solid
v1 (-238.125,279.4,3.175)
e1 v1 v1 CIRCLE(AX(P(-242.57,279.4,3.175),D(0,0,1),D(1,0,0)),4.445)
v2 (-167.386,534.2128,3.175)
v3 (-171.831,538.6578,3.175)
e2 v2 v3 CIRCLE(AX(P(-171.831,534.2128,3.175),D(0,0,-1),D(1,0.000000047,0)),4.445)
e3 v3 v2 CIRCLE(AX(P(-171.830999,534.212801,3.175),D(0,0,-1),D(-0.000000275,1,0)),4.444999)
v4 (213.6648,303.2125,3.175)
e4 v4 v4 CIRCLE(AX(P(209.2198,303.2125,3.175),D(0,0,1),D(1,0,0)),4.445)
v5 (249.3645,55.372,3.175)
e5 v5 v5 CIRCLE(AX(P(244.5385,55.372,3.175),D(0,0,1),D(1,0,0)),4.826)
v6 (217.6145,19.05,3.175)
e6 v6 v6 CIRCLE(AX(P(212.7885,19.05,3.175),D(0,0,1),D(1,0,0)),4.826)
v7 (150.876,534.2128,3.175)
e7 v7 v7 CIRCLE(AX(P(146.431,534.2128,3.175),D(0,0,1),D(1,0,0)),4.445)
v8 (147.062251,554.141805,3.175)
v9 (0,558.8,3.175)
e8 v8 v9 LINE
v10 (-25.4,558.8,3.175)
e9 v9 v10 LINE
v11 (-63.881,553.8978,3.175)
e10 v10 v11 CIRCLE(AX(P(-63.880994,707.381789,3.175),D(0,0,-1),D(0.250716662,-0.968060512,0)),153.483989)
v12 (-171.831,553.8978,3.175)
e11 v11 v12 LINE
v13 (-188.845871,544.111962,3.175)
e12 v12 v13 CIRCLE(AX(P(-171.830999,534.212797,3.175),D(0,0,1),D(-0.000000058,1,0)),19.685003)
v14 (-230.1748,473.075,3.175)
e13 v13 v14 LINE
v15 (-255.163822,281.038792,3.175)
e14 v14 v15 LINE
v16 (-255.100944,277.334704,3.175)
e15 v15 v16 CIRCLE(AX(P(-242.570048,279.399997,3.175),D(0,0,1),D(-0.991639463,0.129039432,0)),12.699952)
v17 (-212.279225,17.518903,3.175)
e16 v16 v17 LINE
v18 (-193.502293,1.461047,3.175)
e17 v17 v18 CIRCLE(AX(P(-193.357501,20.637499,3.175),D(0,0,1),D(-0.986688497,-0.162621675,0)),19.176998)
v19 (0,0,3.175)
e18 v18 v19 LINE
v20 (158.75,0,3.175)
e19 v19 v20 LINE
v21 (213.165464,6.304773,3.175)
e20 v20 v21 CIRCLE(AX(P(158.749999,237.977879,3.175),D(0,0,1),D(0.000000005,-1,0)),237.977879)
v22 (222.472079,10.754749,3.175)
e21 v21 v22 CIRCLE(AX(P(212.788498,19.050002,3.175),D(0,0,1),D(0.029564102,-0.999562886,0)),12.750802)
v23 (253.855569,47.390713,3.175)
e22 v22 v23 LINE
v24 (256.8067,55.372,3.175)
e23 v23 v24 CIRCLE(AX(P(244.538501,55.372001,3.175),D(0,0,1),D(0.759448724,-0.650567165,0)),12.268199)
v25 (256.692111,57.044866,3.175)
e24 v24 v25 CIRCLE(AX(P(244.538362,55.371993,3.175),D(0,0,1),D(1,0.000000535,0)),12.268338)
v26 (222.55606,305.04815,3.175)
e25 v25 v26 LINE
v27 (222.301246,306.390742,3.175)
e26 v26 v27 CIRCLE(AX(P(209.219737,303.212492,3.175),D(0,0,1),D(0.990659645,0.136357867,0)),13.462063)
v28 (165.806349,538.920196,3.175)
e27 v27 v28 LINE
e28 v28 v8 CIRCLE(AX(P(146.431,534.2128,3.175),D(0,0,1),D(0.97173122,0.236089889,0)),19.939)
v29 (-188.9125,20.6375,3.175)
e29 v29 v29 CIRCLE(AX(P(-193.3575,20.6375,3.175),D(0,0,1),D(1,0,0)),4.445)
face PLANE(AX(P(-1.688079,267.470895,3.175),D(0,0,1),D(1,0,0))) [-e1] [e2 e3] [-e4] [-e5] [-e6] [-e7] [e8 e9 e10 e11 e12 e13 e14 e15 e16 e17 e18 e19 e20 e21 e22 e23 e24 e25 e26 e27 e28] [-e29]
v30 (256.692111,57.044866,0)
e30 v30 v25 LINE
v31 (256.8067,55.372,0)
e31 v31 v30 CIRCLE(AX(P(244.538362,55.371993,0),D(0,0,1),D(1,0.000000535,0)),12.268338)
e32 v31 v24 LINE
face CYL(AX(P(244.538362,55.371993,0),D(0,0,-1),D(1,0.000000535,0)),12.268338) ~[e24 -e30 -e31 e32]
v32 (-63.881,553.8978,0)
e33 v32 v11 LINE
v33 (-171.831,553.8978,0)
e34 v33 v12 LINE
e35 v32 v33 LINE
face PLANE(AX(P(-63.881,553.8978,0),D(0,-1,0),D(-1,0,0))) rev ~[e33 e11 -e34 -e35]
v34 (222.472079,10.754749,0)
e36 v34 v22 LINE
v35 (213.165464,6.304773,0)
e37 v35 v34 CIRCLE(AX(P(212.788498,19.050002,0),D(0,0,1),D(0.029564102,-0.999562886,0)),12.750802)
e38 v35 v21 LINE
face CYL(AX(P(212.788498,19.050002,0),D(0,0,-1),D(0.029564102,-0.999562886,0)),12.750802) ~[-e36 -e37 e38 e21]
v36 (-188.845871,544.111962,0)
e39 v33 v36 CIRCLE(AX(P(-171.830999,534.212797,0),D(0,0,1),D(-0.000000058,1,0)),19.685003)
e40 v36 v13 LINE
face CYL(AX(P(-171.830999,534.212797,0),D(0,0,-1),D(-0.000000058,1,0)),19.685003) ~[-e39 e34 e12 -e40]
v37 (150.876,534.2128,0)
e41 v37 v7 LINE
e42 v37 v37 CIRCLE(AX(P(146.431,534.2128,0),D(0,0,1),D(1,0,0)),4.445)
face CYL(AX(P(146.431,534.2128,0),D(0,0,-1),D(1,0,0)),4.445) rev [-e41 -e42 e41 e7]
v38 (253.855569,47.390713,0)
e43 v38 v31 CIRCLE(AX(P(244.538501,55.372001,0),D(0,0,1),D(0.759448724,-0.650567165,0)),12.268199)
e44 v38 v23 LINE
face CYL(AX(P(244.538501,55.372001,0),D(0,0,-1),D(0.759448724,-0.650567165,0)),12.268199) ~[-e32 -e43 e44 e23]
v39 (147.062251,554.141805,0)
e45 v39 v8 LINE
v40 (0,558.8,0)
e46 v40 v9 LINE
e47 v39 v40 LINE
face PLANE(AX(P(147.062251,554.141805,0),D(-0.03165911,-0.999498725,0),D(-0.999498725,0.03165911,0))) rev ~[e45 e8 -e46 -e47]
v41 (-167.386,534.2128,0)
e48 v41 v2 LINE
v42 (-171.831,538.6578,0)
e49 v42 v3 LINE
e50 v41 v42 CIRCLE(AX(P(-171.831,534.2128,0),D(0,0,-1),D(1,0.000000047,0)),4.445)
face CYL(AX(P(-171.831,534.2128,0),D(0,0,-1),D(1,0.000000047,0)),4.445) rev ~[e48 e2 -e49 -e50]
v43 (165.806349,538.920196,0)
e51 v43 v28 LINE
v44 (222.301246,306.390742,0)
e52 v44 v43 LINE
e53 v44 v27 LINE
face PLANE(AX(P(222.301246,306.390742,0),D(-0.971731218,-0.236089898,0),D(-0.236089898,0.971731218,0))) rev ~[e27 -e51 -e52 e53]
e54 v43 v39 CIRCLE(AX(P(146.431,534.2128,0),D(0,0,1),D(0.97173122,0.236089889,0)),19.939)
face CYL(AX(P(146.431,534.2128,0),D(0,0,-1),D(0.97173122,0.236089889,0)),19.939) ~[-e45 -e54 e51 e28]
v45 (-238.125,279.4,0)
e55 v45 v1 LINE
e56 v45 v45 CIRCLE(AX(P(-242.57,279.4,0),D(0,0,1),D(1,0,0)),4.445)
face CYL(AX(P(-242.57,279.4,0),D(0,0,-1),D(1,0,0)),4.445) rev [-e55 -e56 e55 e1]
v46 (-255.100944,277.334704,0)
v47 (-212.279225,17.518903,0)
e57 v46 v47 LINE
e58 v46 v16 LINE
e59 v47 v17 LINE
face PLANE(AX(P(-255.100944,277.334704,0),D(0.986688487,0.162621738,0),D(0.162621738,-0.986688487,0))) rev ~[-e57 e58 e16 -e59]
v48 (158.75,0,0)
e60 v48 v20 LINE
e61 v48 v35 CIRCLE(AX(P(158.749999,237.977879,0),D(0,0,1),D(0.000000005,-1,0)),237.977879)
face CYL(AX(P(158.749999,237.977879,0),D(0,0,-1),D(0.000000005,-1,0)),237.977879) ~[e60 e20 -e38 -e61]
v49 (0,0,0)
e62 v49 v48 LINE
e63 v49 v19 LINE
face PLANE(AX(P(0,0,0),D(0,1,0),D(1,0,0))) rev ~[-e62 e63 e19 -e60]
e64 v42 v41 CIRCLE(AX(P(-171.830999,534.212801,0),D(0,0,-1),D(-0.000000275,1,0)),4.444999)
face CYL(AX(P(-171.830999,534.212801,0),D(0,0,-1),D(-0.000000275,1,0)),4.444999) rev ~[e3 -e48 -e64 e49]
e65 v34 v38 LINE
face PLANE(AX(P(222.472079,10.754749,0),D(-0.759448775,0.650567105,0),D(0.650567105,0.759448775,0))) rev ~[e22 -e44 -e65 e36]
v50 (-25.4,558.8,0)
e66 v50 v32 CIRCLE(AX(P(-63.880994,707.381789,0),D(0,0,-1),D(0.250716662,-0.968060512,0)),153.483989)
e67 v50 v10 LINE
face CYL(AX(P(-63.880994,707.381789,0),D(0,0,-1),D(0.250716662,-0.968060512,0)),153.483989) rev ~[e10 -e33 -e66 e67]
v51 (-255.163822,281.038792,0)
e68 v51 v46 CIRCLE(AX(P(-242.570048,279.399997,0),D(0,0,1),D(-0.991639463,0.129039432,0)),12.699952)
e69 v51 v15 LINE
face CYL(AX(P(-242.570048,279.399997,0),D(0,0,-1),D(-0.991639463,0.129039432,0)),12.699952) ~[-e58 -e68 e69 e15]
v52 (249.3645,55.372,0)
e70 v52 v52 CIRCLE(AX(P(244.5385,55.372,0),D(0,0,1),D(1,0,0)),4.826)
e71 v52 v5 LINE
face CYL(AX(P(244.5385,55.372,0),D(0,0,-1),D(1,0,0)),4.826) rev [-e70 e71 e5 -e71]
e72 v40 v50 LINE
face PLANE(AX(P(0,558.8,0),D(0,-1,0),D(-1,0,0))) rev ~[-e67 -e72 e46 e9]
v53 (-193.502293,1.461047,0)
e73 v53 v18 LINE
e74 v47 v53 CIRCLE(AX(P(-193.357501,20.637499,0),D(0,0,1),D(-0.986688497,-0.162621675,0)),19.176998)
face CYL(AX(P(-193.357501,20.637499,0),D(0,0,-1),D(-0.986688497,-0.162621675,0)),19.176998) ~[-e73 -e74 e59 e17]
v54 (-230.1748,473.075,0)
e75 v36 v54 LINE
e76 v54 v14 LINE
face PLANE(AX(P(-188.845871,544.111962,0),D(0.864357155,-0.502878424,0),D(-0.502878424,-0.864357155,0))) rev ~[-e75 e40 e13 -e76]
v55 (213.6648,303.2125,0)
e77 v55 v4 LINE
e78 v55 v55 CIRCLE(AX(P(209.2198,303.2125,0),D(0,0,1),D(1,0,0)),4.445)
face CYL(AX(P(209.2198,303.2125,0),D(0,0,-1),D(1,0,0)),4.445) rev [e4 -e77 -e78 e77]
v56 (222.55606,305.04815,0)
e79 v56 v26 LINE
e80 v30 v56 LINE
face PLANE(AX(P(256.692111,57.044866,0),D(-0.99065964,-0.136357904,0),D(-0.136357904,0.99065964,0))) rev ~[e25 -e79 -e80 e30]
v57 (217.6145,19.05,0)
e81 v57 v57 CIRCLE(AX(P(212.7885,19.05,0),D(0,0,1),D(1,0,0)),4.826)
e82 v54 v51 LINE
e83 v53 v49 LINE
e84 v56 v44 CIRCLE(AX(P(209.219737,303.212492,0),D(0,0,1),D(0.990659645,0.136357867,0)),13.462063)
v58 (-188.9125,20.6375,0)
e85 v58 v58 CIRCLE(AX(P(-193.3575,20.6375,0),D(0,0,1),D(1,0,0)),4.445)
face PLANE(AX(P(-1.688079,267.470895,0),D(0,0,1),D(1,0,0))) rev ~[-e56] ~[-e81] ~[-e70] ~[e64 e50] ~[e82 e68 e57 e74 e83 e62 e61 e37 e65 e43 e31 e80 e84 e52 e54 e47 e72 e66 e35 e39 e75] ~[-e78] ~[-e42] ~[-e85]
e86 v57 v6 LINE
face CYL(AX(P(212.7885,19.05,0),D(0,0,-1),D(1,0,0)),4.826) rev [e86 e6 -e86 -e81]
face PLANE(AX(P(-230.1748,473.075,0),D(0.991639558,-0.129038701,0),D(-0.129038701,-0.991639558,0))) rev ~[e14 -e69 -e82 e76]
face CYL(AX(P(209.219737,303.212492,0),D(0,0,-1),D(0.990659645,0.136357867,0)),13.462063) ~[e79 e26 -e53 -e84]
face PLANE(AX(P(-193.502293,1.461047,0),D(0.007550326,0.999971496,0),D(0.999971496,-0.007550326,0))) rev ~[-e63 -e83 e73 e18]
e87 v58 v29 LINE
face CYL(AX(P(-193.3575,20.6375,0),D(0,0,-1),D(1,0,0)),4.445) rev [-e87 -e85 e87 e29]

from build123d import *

# Parameters (mm, degrees)
F0_R     = 4.445
F0_R_2   = 4.826
F1_DEPTH = 3.175


with BuildPart() as f1:
    # F0 (on Top) → F1 (new body)
    with BuildSketch(Plane.XY):
        with BuildLine():
            Line((-63.881, 553.8978), (-171.831, 553.8978))
            ThreePointArc((-171.831, 553.8978), (-157.911603, 548.132197), (-152.146, 534.2128))
            ThreePointArc((-152.146, 534.2128), (-176.957475, 515.207052), (-188.845871, 544.111962))
            Line((-188.845871, 544.111962), (-230.1748, 473.075))
            Line((-230.1748, 473.075), (-255.163822, 281.038792))
            ThreePointArc((-255.163822, 281.038792), (-241.748886, 292.073428), (-229.87, 279.4))
            ThreePointArc((-229.87, 279.4), (-241.533898, 266.742335), (-255.100944, 277.334704))
            Line((-255.100944, 277.334704), (-212.279225, 17.518903))
            ThreePointArc((-212.279225, 17.518903), (-194.922014, 39.750575), (-174.1805, 20.6375))
            ThreePointArc((-174.1805, 20.6375), (-179.848602, 7.026218), (-193.502293, 1.461047))
            Line((-193.502293, 1.461047), (0, 0))
            Line((0, 0), (158.75, 0))
            ThreePointArc((158.75, 0), (186.139747, 1.581448), (213.165464, 6.304773))
            ThreePointArc((213.165464, 6.304773), (203.640017, 27.9319), (225.5393, 19.05))
            ThreePointArc((225.5393, 19.05), (224.747937, 14.627924), (222.472079, 10.754749))
            Line((222.472079, 10.754749), (253.855569, 47.390713))
            ThreePointArc((253.855569, 47.390713), (232.76785, 58.830401), (256.692111, 57.044866))
            Line((256.692111, 57.044866), (222.55606, 305.04815))
            ThreePointArc((222.55606, 305.04815), (222.650328, 304.132476), (222.6818, 303.2125))
            ThreePointArc((222.6818, 303.2125), (195.853277, 301.612028), (222.301246, 306.390742))
            Line((222.301246, 306.390742), (165.806349, 538.920196))
            ThreePointArc((165.806349, 538.920196), (166.228586, 536.583311), (166.37, 534.2128))
            ThreePointArc((166.37, 534.2128), (132.110556, 520.338774), (147.062251, 554.141805))
            Line((147.062251, 554.141805), (0, 558.8))
            Line((0, 558.8), (-25.4, 558.8))
            ThreePointArc((-25.4, 558.8), (-44.485002, 555.128282), (-63.881, 553.8978))
        make_face()
        with BuildLine():
            ThreePointArc((-174.1805, 20.6375), (-194.922014, 39.750575), (-212.279225, 17.518903))
            ThreePointArc((-212.279225, 17.518903), (-205.821316, 6.063186), (-193.502293, 1.461047))
            ThreePointArc((-193.502293, 1.461047), (-179.848602, 7.026218), (-174.1805, 20.6375))
        make_face()
        with Locations((-193.3575, 20.6375)):
            Circle(F0_R, mode=Mode.SUBTRACT)
        with BuildLine():
            ThreePointArc((-229.87, 279.4), (-241.748886, 292.073428), (-255.163822, 281.038792))
            ThreePointArc((-255.163822, 281.038792), (-255.268171, 279.184443), (-255.100944, 277.334704))
            ThreePointArc((-255.100944, 277.334704), (-241.533898, 266.742335), (-229.87, 279.4))
        make_face()
        with Locations((-242.57, 279.4)):
            Circle(F0_R, mode=Mode.SUBTRACT)
        with BuildLine():
            ThreePointArc((222.55606, 305.04815), (222.4457, 305.722682), (222.301246, 306.390742))
            ThreePointArc((222.301246, 306.390742), (195.853277, 301.612028), (222.6818, 303.2125))
            ThreePointArc((222.6818, 303.2125), (222.650328, 304.132476), (222.55606, 305.04815))
        make_face()
        with Locations((209.2198, 303.2125)):
            Circle(F0_R, mode=Mode.SUBTRACT)
        with BuildLine():
            ThreePointArc((256.8067, 55.372), (256.778019, 56.210393), (256.692111, 57.044866))
            ThreePointArc((256.692111, 57.044866), (232.76785, 58.830401), (253.855569, 47.390713))
            ThreePointArc((253.855569, 47.390713), (256.045289, 51.117293), (256.8067, 55.372))
        make_face()
        with Locations((244.5385, 55.372)):
            Circle(F0_R_2, mode=Mode.SUBTRACT)
        with BuildLine():
            ThreePointArc((225.5393, 19.05), (203.640017, 27.9319), (213.165464, 6.304773))
            ThreePointArc((213.165464, 6.304773), (218.288882, 7.546579), (222.472079, 10.754749))
            ThreePointArc((222.472079, 10.754749), (224.747937, 14.627924), (225.5393, 19.05))
        make_face()
        with Locations((212.7885, 19.05)):
            Circle(F0_R_2, mode=Mode.SUBTRACT)
        with BuildLine():
            ThreePointArc((165.806349, 538.920196), (159.000421, 549.690958), (147.062251, 554.141805))
            ThreePointArc((147.062251, 554.141805), (132.110556, 520.338774), (166.37, 534.2128))
            ThreePointArc((166.37, 534.2128), (166.228586, 536.583311), (165.806349, 538.920196))
        make_face()
        with Locations((146.431, 534.2128)):
            Circle(F0_R, mode=Mode.SUBTRACT)
        with BuildLine():
            ThreePointArc((-152.146, 534.2128), (-157.911603, 548.132197), (-171.831, 553.8978))
            ThreePointArc((-171.831, 553.8978), (-181.645128, 551.276859), (-188.845871, 544.111962))
            ThreePointArc((-188.845871, 544.111962), (-176.957475, 515.207052), (-152.146, 534.2128))
        make_face()
        with BuildLine():
            ThreePointArc((-171.831, 538.6578), (-168.68791, 537.35589), (-167.386, 534.2128))
            ThreePointArc((-167.386, 534.2128), (-174.97409, 531.06971), (-171.831, 538.6578))
        make_face(mode=Mode.SUBTRACT)
    extrude(amount=F1_DEPTH)


solid = f1.part
